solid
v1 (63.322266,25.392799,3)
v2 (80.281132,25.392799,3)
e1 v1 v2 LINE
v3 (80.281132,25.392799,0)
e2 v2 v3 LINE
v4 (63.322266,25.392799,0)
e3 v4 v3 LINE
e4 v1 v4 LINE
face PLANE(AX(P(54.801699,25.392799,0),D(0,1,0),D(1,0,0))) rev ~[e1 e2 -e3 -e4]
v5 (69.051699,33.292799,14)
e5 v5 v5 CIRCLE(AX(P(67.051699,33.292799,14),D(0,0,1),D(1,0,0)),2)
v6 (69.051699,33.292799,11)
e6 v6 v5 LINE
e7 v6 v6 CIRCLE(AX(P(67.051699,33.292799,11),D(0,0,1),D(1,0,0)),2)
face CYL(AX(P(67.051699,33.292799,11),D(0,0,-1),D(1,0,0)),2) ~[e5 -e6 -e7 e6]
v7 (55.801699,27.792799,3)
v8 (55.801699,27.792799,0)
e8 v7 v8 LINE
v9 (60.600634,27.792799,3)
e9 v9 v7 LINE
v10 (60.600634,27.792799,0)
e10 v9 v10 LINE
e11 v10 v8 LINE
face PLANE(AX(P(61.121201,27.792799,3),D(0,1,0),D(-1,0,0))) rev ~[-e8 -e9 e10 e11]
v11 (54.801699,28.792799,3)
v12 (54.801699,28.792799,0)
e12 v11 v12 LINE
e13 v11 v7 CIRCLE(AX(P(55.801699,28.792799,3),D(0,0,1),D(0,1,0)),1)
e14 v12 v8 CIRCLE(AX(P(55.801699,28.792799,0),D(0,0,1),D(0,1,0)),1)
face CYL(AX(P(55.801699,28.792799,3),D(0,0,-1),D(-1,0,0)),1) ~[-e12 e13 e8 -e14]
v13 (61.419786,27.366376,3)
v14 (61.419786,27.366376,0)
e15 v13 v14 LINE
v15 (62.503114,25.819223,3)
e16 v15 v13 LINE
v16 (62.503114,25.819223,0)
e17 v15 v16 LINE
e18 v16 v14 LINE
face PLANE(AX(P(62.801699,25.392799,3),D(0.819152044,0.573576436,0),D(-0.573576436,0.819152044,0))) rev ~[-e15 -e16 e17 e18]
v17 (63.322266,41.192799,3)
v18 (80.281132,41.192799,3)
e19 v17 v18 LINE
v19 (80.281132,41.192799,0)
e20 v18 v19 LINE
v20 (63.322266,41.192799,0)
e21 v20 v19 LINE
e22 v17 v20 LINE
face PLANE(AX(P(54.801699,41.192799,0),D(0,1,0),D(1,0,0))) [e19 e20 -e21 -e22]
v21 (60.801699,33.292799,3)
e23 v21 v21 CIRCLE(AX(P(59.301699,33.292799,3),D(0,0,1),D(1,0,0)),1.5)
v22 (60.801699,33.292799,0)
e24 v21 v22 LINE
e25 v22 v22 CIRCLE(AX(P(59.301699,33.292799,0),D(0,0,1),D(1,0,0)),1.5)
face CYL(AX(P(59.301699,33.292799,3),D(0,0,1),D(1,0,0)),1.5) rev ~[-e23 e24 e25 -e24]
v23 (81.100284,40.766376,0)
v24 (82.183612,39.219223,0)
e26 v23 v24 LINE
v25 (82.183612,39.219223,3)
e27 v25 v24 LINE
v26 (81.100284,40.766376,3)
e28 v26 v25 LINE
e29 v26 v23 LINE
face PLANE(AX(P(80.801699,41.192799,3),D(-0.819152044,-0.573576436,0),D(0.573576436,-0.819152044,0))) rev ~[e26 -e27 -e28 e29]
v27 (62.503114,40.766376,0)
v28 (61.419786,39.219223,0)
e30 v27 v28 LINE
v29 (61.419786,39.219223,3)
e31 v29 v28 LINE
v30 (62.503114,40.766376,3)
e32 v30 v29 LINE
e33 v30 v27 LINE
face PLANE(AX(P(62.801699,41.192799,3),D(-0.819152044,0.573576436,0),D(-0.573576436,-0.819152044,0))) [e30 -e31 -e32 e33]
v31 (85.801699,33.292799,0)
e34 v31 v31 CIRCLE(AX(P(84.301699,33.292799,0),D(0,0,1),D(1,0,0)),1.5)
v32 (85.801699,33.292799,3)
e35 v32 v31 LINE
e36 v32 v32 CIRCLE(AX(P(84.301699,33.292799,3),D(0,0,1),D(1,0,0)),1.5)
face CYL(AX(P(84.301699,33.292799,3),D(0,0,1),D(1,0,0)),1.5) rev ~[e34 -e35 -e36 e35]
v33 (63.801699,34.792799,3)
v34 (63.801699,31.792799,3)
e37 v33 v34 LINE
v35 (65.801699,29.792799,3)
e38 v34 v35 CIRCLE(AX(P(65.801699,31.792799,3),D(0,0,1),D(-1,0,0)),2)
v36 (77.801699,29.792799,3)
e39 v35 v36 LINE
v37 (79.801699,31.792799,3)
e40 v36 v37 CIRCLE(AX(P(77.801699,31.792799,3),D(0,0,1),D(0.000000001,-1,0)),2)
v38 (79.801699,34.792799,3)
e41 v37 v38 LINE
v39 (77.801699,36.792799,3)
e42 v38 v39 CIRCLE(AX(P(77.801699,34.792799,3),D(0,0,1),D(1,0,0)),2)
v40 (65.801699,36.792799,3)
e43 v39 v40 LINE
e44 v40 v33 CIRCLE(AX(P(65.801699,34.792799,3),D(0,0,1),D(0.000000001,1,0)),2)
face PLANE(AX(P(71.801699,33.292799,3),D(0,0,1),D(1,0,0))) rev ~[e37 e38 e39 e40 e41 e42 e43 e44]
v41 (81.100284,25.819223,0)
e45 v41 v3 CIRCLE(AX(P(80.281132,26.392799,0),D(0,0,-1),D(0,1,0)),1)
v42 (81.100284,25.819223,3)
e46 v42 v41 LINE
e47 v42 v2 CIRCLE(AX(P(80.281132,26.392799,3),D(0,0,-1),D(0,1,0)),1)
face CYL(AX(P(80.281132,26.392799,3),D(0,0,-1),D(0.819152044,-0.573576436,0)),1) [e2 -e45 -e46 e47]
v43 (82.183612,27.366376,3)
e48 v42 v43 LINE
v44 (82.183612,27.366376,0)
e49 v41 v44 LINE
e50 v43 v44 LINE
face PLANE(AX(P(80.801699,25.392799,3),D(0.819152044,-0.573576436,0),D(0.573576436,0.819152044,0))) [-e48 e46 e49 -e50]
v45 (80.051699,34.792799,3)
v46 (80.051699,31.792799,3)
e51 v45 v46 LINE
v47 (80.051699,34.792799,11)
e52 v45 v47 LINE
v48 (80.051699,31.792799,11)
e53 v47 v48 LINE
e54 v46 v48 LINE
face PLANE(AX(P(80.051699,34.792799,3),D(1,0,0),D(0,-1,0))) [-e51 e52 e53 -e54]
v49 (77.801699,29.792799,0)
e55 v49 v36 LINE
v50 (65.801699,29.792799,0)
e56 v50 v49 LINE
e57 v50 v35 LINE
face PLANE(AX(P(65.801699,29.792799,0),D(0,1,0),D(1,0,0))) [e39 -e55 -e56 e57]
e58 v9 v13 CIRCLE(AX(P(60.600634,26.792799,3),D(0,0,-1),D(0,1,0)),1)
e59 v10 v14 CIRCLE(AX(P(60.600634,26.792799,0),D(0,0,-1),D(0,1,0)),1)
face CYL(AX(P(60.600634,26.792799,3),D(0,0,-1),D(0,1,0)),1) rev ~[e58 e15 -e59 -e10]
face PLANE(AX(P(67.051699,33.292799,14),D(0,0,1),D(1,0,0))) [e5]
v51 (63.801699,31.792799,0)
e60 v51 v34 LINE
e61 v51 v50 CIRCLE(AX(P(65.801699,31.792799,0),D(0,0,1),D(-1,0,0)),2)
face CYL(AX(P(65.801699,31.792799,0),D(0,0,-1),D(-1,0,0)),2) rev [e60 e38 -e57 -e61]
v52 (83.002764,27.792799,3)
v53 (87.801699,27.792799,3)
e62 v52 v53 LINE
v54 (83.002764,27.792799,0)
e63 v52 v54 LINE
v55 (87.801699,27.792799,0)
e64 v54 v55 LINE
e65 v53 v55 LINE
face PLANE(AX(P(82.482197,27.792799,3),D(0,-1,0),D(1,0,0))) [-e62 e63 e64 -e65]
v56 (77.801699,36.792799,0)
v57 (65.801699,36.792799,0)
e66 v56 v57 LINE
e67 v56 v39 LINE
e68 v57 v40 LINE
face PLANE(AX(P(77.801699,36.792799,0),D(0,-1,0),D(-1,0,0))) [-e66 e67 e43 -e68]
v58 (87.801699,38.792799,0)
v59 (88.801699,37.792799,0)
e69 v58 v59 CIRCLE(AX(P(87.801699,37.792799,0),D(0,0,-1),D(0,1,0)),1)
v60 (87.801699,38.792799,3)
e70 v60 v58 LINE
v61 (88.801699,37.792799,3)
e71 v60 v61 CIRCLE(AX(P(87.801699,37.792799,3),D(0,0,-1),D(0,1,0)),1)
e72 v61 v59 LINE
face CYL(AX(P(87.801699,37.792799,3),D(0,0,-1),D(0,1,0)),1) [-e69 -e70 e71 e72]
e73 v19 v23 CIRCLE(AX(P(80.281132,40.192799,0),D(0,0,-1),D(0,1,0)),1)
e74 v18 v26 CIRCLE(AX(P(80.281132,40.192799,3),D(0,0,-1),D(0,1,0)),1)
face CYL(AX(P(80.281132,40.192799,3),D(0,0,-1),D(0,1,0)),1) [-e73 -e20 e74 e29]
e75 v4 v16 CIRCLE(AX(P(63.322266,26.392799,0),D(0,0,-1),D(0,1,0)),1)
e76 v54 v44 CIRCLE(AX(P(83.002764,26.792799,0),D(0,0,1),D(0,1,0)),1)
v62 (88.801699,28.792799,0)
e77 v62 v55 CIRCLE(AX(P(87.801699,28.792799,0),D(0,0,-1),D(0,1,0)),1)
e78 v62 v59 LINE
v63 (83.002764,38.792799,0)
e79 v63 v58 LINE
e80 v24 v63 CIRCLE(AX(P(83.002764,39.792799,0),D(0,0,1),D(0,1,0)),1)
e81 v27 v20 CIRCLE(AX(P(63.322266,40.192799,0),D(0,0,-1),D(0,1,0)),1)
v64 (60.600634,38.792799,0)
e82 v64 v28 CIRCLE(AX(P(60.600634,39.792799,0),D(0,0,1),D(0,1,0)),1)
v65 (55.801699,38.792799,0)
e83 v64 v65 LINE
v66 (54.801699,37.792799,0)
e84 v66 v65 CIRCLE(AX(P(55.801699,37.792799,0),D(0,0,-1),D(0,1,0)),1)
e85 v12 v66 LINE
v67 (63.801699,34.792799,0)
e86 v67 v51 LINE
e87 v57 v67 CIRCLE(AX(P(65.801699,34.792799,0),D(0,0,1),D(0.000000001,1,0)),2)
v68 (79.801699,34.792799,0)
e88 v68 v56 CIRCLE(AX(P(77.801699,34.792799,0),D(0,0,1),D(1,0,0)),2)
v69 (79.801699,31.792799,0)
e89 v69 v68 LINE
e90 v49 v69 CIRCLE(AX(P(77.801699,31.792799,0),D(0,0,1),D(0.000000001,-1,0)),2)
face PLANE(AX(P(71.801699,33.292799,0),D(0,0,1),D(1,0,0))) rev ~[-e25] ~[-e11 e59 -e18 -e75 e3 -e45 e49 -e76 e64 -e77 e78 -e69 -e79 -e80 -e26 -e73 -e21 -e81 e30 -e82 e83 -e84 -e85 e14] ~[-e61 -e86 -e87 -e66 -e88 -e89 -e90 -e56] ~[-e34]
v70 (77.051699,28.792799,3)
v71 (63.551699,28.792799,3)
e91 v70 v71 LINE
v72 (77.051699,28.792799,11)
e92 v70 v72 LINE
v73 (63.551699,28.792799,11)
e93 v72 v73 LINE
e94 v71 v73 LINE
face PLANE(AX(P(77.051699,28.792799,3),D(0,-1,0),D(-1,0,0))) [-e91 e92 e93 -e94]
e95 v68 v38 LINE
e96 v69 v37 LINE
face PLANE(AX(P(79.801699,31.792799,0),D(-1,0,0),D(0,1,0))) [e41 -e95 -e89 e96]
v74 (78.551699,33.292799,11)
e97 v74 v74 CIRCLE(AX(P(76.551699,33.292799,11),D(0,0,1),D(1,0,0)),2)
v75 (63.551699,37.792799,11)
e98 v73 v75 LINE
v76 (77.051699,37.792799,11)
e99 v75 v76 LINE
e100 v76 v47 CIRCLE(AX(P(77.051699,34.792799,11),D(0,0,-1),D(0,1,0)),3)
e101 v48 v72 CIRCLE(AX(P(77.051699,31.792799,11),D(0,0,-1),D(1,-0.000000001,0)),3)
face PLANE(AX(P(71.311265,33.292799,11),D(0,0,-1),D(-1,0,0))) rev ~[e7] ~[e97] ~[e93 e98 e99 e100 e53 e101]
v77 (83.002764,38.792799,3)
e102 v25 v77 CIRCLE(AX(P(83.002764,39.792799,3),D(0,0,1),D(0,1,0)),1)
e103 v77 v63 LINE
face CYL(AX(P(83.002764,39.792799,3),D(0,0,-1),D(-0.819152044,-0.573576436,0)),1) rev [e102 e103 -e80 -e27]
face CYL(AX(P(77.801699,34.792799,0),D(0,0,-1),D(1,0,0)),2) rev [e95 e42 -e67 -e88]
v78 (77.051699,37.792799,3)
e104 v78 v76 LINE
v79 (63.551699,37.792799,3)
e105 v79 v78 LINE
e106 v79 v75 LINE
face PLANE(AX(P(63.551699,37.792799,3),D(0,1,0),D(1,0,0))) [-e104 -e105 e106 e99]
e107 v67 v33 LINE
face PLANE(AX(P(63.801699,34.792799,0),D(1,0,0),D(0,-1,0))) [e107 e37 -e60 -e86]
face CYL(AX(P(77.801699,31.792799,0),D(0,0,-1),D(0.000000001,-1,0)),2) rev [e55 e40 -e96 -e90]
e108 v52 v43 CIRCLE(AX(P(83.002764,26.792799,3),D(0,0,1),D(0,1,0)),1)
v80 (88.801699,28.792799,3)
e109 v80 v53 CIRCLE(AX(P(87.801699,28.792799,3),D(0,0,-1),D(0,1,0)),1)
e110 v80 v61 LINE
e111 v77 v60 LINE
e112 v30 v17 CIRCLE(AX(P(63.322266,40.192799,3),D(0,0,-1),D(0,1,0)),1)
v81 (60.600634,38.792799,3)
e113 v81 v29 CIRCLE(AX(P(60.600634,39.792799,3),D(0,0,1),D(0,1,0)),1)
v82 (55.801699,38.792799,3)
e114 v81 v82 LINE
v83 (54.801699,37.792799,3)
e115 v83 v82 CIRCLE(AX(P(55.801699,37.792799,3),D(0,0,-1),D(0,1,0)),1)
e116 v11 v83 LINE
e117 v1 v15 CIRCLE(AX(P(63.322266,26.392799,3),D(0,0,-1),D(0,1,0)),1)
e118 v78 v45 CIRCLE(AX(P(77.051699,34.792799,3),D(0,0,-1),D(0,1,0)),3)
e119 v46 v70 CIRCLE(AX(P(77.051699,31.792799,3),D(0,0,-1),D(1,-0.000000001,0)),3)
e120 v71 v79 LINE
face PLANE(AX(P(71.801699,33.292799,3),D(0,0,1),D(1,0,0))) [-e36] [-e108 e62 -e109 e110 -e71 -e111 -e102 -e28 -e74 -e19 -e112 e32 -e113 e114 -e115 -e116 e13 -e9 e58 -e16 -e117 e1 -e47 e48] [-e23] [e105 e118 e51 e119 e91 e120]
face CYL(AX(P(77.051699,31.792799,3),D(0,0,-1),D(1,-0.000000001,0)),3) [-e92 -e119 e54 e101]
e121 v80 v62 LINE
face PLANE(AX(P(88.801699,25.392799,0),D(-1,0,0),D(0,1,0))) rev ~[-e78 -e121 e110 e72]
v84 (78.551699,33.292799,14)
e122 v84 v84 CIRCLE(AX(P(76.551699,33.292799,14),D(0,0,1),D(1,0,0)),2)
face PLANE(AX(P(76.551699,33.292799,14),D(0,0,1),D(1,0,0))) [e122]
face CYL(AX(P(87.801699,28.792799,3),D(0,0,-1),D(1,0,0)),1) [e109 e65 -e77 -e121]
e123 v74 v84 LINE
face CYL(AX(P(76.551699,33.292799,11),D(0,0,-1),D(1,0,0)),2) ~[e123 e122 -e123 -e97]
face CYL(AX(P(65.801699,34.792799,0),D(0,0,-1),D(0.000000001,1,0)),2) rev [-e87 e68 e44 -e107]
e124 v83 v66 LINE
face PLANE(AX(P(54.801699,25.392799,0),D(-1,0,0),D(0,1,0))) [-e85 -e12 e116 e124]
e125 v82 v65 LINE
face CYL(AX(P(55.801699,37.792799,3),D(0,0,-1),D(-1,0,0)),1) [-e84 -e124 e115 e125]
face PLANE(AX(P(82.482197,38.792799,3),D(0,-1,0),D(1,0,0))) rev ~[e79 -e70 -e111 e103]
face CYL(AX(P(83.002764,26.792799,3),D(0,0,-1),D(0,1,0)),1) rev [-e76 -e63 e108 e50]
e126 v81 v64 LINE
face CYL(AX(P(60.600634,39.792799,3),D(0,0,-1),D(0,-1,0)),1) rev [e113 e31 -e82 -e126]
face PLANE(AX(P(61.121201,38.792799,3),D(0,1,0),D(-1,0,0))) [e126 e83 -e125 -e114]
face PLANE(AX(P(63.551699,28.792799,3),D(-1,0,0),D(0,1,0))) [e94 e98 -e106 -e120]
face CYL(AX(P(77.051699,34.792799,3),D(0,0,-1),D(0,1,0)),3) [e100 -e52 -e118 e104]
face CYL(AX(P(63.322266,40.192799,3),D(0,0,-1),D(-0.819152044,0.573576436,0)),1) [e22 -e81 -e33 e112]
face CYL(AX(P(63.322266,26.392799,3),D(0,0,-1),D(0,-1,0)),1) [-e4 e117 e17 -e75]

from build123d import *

# Parameters (mm, degrees)
SKETCH1_W           = 34
SKETCH1_H           = 15.8
BOSS_EXTRUDE1_DEPTH = 3
BOSS_EXTRUDE2_DEPTH = 8
CUT_EXTRUDE1_DEPTH  = 99.217047801
SKETCH4_R           = 2
BOSS_EXTRUDE3_DEPTH = 3
FILLET1_R           = 1
SKETCH5_R           = 1.5
CUT_EXTRUDE2_DEPTH  = 99.506794074
CUT_EXTRUDE3_DEPTH  = 3


with BuildPart() as part:
    # Sketch1 → Boss-Extrude1 (new body)
    with BuildSketch(Plane.XY):
        with Locations((71.801699099, 33.292799322)):
            Rectangle(SKETCH1_W, SKETCH1_H)
    extrude(amount=BOSS_EXTRUDE1_DEPTH)

    # Sketch2 → Boss-Extrude2 (add)
    with BuildSketch(Plane.XY.offset(3)):
        with BuildLine():
            Line((63.551699099, 37.792799322), (77.051699099, 37.792799322))
            ThreePointArc((77.051699099, 37.792799322), (79.173019442, 36.914119666), (80.051699099, 34.792799322))
            Line((80.051699099, 34.792799322), (80.051699099, 31.792799322))
            ThreePointArc((80.051699099, 31.792799322), (79.173019442, 29.671478979), (77.051699099, 28.792799322))
            Line((77.051699099, 28.792799322), (63.551699099, 28.792799322))
            Line((63.551699099, 28.792799322), (63.551699099, 37.792799322))
        make_face()
    extrude(amount=BOSS_EXTRUDE2_DEPTH)

    # Sketch3 → Cut-Extrude1 (cut, through all)
    with BuildSketch(Plane.XY.offset(3)):
        Polygon((54.801699099, 41.192799322), (62.801699099, 41.192799322), (61.121201007, 38.792799322), (54.801699099, 38.792799322), align=None)
        Polygon((62.801699099, 25.392799322), (61.121201007, 27.792799322), (54.801699099, 27.792799322), (54.801699099, 25.392799322), align=None)
        Polygon((88.801699099, 25.392799322), (80.801699099, 25.392799322), (82.48219719, 27.792799322), (88.801699099, 27.792799322), align=None)
        Polygon((80.801699099, 41.192799322), (82.48219719, 38.792799322), (88.801699099, 38.792799322), (88.801699099, 41.192799322), align=None)
    extrude(amount=-CUT_EXTRUDE1_DEPTH, mode=Mode.SUBTRACT)

    # Sketch4 → Boss-Extrude3 (add)
    with BuildSketch(Plane.XY.offset(11)):
        with Locations((67.051699099, 33.292799322)):
            Circle(SKETCH4_R)
        with Locations((76.551699099, 33.292799322)):
            Circle(SKETCH4_R)
    extrude(amount=BOSS_EXTRUDE3_DEPTH)

    # Fillet1
    fillet1_edges = [part.edges().sort_by_distance(p)[0] for p in [
        (80.801699099, 41.192799322, 1.5),
        (88.801699099, 38.792799322, 1.5),
        (82.48219719, 38.792799322, 1.5),
        (88.801699099, 27.792799322, 1.5),
        (80.801699099, 25.392799322, 1.5),
        (82.48219719, 27.792799322, 1.5),
        (62.801699099, 25.392799322, 1.5),
        (54.801699099, 27.792799322, 1.5),
        (61.121201007, 27.792799322, 1.5),
        (54.801699099, 38.792799322, 1.5),
        (62.801699099, 41.192799322, 1.5),
        (61.121201007, 38.792799322, 1.5),
    ]]
    fillet(fillet1_edges, radius=FILLET1_R)

    # Sketch5 → Cut-Extrude2 (cut, through all)
    with BuildSketch(Plane.XY.offset(3)):
        with Locations((59.301699099, 33.292799322)):
            Circle(SKETCH5_R)
        with Locations((84.301699099, 33.292799322)):
            Circle(SKETCH5_R)
    extrude(amount=-CUT_EXTRUDE2_DEPTH, mode=Mode.SUBTRACT)

    # Sketch6 → Cut-Extrude3 (cut)
    with BuildSketch(Plane(origin=(0, 0, 0), x_dir=(-1, 0, 0), z_dir=(0, 0, -1))):
        with BuildLine():
            Line((-77.801699099, 36.792799322), (-65.801699099, 36.792799322))
            ThreePointArc((-65.801699099, 36.792799322), (-64.387485536, 36.207012885), (-63.801699099, 34.792799322))
            Line((-63.801699099, 34.792799322), (-63.801699099, 31.792799322))
            ThreePointArc((-63.801699099, 31.792799322), (-64.387485536, 30.37858576), (-65.801699099, 29.792799322))
            Line((-65.801699099, 29.792799322), (-77.801699099, 29.792799322))
            ThreePointArc((-77.801699099, 29.792799322), (-79.215912661, 30.37858576), (-79.801699099, 31.792799322))
            Line((-79.801699099, 31.792799322), (-79.801699099, 34.792799322))
            ThreePointArc((-79.801699099, 34.792799322), (-79.215912661, 36.207012885), (-77.801699099, 36.792799322))
        make_face()
    extrude(amount=-CUT_EXTRUDE3_DEPTH, mode=Mode.SUBTRACT)


solid = part.part
